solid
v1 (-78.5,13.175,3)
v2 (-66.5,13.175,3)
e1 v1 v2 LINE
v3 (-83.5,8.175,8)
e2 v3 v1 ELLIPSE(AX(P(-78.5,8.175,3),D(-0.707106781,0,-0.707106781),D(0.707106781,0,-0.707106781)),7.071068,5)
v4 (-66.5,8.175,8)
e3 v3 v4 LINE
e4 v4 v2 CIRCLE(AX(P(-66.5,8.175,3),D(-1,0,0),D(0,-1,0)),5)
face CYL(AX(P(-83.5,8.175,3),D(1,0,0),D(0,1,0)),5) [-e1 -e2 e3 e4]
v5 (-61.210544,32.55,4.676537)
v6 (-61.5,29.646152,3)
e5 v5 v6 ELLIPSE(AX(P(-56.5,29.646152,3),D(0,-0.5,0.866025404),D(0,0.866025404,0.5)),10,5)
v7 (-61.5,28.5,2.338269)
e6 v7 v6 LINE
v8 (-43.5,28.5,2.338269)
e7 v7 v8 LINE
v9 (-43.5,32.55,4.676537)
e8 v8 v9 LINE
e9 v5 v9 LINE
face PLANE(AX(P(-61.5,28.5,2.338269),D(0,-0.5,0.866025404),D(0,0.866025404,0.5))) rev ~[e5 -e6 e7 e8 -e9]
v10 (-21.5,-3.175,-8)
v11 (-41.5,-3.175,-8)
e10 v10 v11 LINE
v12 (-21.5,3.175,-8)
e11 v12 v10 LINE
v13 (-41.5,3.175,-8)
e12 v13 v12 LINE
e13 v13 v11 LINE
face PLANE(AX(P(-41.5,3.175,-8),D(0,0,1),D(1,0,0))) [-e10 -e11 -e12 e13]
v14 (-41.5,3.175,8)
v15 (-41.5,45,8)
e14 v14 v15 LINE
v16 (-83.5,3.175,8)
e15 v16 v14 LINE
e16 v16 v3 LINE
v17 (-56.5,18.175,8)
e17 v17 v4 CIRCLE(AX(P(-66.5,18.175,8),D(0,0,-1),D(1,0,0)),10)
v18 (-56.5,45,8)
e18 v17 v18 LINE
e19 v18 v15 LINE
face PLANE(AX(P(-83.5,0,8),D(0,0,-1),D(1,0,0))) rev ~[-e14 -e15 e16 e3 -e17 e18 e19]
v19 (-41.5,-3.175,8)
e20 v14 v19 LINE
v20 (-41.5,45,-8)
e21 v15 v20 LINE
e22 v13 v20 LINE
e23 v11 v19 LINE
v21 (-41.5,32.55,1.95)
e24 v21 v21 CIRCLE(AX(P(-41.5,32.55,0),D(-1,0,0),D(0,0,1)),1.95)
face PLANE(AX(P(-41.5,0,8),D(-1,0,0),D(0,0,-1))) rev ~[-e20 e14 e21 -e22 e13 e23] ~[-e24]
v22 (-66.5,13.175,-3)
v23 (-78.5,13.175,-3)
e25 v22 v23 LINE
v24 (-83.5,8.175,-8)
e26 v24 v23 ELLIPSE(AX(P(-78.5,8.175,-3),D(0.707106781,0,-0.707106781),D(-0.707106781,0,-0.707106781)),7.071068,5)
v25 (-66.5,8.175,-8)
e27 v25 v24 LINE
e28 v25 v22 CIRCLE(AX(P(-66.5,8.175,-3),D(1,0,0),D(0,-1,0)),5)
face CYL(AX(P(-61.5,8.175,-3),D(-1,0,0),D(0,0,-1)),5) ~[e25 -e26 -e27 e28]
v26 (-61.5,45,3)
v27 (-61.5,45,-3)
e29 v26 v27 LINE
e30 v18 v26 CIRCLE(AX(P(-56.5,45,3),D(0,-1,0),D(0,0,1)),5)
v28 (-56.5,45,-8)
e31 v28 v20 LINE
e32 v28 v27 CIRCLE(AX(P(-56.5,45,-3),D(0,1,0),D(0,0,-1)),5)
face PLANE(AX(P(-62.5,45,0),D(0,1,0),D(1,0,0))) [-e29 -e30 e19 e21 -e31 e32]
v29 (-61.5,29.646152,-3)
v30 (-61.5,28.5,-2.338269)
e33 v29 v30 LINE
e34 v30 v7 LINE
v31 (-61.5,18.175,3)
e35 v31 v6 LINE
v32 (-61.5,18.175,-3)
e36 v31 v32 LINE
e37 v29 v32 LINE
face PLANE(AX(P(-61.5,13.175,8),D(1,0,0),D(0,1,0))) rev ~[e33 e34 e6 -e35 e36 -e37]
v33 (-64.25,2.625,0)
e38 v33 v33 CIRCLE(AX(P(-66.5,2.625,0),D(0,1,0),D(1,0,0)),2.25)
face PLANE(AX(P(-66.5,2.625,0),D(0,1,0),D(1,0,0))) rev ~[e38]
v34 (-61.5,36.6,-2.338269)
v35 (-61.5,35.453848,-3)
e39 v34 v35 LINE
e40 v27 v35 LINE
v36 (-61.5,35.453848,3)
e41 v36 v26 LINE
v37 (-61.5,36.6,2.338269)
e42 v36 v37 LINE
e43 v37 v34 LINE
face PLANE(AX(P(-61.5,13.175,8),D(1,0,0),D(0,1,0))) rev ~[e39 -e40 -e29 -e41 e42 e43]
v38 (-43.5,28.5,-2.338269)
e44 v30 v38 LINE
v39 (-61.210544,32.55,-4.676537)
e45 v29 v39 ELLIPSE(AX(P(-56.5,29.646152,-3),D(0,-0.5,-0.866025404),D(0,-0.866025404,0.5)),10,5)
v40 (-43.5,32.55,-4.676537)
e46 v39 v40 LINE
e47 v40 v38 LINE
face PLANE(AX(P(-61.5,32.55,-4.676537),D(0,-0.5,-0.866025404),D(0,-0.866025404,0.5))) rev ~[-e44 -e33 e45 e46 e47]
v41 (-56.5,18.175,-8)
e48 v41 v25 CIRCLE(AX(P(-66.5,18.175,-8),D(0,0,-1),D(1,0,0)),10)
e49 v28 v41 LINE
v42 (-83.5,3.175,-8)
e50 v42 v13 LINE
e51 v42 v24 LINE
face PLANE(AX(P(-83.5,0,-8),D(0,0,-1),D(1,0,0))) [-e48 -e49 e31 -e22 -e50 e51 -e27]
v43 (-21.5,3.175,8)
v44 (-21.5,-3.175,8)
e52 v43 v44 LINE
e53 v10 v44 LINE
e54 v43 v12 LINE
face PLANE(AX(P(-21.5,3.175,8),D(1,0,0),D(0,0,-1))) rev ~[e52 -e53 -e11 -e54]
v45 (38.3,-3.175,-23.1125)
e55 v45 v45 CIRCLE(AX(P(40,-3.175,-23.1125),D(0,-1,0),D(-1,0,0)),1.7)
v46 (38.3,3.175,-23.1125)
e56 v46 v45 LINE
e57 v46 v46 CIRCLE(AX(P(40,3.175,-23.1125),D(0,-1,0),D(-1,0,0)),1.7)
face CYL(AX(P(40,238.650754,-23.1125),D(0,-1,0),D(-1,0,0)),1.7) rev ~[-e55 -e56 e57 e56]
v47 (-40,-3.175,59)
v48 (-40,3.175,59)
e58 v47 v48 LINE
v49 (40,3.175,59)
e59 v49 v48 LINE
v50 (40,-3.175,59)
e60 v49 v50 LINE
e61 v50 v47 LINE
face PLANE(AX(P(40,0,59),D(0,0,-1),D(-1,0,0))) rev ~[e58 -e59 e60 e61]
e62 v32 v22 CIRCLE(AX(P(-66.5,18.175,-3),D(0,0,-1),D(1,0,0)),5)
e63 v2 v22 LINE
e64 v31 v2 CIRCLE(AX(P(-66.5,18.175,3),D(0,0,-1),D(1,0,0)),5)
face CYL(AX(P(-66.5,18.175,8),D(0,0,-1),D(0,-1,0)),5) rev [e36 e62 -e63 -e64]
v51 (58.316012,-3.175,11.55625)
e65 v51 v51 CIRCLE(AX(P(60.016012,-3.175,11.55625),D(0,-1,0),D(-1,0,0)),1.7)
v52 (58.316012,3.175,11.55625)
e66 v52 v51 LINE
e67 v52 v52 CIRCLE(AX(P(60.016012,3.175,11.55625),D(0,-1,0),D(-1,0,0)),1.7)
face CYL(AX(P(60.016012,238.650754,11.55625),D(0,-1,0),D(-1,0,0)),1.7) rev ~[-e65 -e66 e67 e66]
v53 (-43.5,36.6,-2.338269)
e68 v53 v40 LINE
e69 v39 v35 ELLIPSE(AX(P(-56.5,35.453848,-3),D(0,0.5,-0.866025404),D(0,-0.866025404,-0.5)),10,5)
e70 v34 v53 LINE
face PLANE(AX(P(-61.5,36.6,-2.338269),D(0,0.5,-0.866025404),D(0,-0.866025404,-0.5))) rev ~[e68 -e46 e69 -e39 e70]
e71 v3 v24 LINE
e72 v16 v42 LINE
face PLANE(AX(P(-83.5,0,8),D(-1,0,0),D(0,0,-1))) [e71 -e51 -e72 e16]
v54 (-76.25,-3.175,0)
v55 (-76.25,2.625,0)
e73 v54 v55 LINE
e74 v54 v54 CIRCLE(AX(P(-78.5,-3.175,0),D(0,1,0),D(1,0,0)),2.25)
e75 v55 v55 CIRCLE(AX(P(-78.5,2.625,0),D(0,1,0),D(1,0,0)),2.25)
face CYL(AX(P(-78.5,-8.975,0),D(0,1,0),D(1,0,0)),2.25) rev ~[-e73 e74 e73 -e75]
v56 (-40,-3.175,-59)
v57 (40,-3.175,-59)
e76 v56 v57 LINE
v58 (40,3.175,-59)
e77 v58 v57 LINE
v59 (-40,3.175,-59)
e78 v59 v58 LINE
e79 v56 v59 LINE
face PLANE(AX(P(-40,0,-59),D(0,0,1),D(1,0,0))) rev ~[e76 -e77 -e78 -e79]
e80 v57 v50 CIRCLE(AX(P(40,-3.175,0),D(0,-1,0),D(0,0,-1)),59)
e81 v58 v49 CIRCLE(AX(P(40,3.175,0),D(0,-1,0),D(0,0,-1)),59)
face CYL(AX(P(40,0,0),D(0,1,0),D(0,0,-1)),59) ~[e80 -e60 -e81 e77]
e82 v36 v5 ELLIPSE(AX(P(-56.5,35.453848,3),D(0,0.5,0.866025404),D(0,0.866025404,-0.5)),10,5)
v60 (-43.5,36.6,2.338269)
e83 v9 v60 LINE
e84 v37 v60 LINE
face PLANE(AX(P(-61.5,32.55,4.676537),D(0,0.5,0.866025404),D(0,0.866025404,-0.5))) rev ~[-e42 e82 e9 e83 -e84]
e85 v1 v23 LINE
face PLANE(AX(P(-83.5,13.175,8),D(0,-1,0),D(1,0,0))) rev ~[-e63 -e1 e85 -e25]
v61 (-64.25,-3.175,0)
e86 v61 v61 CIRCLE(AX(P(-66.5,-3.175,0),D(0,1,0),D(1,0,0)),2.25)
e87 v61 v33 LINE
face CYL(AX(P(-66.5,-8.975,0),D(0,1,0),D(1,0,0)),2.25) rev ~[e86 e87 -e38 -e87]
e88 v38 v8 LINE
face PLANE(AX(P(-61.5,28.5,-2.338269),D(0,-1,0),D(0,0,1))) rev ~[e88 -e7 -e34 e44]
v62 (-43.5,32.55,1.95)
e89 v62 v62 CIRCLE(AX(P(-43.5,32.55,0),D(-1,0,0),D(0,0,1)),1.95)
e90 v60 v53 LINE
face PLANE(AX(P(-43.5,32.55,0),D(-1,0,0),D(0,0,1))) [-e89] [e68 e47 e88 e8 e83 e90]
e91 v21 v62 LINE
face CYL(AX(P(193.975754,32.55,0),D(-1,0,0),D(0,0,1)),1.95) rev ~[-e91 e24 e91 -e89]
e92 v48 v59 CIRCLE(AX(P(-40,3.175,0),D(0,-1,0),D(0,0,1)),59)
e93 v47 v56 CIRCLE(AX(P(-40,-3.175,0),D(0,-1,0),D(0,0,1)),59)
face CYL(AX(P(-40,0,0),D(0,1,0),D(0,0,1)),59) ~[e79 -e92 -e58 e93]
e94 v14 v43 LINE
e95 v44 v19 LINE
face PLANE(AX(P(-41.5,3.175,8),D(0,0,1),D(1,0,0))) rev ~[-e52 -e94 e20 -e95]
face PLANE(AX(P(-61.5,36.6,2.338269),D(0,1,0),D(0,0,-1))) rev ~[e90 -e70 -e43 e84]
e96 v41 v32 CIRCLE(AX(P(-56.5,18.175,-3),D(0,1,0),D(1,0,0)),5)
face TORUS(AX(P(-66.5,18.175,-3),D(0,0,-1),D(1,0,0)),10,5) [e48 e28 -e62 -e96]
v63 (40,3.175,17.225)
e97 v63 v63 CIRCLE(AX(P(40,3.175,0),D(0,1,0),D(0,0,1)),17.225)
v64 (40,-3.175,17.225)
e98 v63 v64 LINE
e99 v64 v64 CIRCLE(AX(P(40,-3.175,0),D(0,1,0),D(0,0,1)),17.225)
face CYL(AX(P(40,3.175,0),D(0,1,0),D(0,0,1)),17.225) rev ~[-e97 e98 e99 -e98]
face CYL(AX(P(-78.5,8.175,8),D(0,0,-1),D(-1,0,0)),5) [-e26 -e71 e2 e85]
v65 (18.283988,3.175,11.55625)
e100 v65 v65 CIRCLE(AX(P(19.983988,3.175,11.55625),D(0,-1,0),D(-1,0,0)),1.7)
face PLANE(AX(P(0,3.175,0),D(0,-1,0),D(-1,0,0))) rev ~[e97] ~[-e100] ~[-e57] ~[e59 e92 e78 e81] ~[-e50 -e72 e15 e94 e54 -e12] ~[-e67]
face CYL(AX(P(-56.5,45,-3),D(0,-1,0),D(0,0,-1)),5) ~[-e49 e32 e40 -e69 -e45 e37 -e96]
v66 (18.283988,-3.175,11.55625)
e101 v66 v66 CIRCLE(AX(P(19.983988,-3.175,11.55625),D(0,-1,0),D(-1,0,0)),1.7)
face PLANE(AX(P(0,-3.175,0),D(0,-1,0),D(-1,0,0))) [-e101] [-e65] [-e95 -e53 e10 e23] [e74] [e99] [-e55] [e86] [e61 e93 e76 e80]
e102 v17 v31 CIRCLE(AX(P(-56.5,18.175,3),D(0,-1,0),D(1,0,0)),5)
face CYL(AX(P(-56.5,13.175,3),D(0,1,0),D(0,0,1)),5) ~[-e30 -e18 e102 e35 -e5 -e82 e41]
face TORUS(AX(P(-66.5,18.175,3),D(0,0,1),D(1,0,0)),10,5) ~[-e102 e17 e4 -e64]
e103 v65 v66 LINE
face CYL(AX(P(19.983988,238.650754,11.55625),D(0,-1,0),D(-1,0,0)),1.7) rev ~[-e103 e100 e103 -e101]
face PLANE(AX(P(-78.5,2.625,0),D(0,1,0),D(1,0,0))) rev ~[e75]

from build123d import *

# Parameters (mm, degrees)
BOSS_EXTRU_1_DEPTH                  = 3.175
ESQUISSE3_W                         = 42
ESQUISSE3_H                         = 16
BOSS_EXTRU_2_DEPTH                  = 45
ESQUISSE4_W                         = 20
ESQUISSE4_H                         = 16
ENL_V_MAT_EXTRU_1_DEPTH             = 123.60232716
ESQUISSE5_W                         = 22
ESQUISSE5_H                         = 31.825
ENL_V_MAT_EXTRU_2_DEPTH             = 128.730184373
CONG_1_R                            = 5
D_GAGEMENT_M3_51_D                  = 3.9
D_GAGEMENT_M31_D                    = 3.4
ESQUISSE11_R                        = 17.225
ENL_V_MAT_EXTRU_3_DEPTH             = 123.60232716
DIAM_TRE_DU_PER_AGE_4_5_4_5_2_D     = 4.5
DIAM_TRE_DU_PER_AGE_4_5_4_5_2_DEPTH = 5.8
ENL_V_MAT_EXTRU_4_DEPTH             = 18


with BuildPart() as part:
    # Esquisse1 → Boss.-Extru.1 (new, symmetric)
    with BuildSketch(Plane(origin=(0, 0, 0), x_dir=(1, 0, 0), z_dir=(0, 1, 0))):
        with BuildLine():
            Line((-40, 59), (40, 59))
            ThreePointArc((40, 59), (99, 0), (40, -59))
            Line((40, -59), (-40, -59))
            ThreePointArc((-40, -59), (-99, 0), (-40, 59))
        make_face()
    extrude(amount=BOSS_EXTRU_1_DEPTH, both=True)

    # Esquisse3 → Boss.-Extru.2 (add)
    with BuildSketch(Plane(origin=(0, 0, 0), x_dir=(1, 0, 0), z_dir=(0, 1, 0))):
        with Locations((-62.5, 0)):
            Rectangle(ESQUISSE3_W, ESQUISSE3_H)
    extrude(amount=BOSS_EXTRU_2_DEPTH)

    # Esquisse4 → Enlèv. mat.-Extru.1 (cut, through all)
    with BuildSketch(Plane(origin=(0, 3.175, 0), x_dir=(1, 0, 0), z_dir=(0, 1, 0))):
        with Locations((-31.5, 0)):
            Rectangle(ESQUISSE4_W, ESQUISSE4_H)
    extrude(amount=-ENL_V_MAT_EXTRU_1_DEPTH, mode=Mode.SUBTRACT)

    # Esquisse5 → Enlèv. mat.-Extru.2 (cut, through all)
    with BuildSketch(Plane.XY.offset(8)):
        with Locations((-72.5, 29.0875)):
            Rectangle(ESQUISSE5_W, ESQUISSE5_H)
    extrude(amount=-ENL_V_MAT_EXTRU_2_DEPTH, mode=Mode.SUBTRACT)

    # Congé1
    cong_1_edges = [part.edges().sort_by_distance(p)[0] for p in [
        (-72.5, 13.175, -8),
        (-61.5, 13.175, 0),
        (-83.5, 13.175, 0),
        (-61.5, 29.0875, 8),
        (-61.5, 29.0875, -8),
        (-72.5, 13.175, 8),
    ]]
    fillet(cong_1_edges, radius=CONG_1_R)

    # Dégagement M3.51 (through all)
    with Locations(Plane(origin=(-41.5, 0, 0), x_dir=(0, 0, -1), z_dir=(1, 0, 0))):
        with Locations((0, 32.55)):
            Hole(D_GAGEMENT_M3_51_D / 2)

    # Dégagement M31 (through all)
    with Locations(Plane(origin=(0, 3.175, 0), x_dir=(1, 0, 0), z_dir=(0, 1, 0))):
        with Locations((60.016012145, -11.55625), (40, 23.1125), (19.983987855, -11.55625)):
            Hole(D_GAGEMENT_M31_D / 2)

    # Esquisse11 → Enlèv. mat.-Extru.3 (cut, through all)
    with BuildSketch(Plane(origin=(0, 3.175, 0), x_dir=(1, 0, 0), z_dir=(0, 1, 0))):
        with Locations(Location((40, 0, 0), (0, 0, 270))):
            Circle(ESQUISSE11_R)
    extrude(amount=-ENL_V_MAT_EXTRU_3_DEPTH, mode=Mode.SUBTRACT)

    # Diamètre du perçage Ø4.5 (4.5)2
    with Locations(Plane(origin=(0, -3.175, 0), x_dir=(-1, 0, 0), z_dir=(0, -1, 0))):
        with Locations((78.5, 0), (66.5, 0)):
            Hole(DIAM_TRE_DU_PER_AGE_4_5_4_5_2_D / 2, depth=DIAM_TRE_DU_PER_AGE_4_5_4_5_2_DEPTH)

    # Esquisse14 → Enlèv. mat.-Extru.4 (cut)
    with BuildSketch(Plane.ZY.offset(61.5)):
        Polygon((4.67653718, 32.55), (2.33826859, 36.6), (-2.33826859, 36.6), (-4.67653718, 32.55), (-2.33826859, 28.5), (2.33826859, 28.5), align=None)
    extrude(amount=-ENL_V_MAT_EXTRU_4_DEPTH, mode=Mode.SUBTRACT)


solid = part.part
